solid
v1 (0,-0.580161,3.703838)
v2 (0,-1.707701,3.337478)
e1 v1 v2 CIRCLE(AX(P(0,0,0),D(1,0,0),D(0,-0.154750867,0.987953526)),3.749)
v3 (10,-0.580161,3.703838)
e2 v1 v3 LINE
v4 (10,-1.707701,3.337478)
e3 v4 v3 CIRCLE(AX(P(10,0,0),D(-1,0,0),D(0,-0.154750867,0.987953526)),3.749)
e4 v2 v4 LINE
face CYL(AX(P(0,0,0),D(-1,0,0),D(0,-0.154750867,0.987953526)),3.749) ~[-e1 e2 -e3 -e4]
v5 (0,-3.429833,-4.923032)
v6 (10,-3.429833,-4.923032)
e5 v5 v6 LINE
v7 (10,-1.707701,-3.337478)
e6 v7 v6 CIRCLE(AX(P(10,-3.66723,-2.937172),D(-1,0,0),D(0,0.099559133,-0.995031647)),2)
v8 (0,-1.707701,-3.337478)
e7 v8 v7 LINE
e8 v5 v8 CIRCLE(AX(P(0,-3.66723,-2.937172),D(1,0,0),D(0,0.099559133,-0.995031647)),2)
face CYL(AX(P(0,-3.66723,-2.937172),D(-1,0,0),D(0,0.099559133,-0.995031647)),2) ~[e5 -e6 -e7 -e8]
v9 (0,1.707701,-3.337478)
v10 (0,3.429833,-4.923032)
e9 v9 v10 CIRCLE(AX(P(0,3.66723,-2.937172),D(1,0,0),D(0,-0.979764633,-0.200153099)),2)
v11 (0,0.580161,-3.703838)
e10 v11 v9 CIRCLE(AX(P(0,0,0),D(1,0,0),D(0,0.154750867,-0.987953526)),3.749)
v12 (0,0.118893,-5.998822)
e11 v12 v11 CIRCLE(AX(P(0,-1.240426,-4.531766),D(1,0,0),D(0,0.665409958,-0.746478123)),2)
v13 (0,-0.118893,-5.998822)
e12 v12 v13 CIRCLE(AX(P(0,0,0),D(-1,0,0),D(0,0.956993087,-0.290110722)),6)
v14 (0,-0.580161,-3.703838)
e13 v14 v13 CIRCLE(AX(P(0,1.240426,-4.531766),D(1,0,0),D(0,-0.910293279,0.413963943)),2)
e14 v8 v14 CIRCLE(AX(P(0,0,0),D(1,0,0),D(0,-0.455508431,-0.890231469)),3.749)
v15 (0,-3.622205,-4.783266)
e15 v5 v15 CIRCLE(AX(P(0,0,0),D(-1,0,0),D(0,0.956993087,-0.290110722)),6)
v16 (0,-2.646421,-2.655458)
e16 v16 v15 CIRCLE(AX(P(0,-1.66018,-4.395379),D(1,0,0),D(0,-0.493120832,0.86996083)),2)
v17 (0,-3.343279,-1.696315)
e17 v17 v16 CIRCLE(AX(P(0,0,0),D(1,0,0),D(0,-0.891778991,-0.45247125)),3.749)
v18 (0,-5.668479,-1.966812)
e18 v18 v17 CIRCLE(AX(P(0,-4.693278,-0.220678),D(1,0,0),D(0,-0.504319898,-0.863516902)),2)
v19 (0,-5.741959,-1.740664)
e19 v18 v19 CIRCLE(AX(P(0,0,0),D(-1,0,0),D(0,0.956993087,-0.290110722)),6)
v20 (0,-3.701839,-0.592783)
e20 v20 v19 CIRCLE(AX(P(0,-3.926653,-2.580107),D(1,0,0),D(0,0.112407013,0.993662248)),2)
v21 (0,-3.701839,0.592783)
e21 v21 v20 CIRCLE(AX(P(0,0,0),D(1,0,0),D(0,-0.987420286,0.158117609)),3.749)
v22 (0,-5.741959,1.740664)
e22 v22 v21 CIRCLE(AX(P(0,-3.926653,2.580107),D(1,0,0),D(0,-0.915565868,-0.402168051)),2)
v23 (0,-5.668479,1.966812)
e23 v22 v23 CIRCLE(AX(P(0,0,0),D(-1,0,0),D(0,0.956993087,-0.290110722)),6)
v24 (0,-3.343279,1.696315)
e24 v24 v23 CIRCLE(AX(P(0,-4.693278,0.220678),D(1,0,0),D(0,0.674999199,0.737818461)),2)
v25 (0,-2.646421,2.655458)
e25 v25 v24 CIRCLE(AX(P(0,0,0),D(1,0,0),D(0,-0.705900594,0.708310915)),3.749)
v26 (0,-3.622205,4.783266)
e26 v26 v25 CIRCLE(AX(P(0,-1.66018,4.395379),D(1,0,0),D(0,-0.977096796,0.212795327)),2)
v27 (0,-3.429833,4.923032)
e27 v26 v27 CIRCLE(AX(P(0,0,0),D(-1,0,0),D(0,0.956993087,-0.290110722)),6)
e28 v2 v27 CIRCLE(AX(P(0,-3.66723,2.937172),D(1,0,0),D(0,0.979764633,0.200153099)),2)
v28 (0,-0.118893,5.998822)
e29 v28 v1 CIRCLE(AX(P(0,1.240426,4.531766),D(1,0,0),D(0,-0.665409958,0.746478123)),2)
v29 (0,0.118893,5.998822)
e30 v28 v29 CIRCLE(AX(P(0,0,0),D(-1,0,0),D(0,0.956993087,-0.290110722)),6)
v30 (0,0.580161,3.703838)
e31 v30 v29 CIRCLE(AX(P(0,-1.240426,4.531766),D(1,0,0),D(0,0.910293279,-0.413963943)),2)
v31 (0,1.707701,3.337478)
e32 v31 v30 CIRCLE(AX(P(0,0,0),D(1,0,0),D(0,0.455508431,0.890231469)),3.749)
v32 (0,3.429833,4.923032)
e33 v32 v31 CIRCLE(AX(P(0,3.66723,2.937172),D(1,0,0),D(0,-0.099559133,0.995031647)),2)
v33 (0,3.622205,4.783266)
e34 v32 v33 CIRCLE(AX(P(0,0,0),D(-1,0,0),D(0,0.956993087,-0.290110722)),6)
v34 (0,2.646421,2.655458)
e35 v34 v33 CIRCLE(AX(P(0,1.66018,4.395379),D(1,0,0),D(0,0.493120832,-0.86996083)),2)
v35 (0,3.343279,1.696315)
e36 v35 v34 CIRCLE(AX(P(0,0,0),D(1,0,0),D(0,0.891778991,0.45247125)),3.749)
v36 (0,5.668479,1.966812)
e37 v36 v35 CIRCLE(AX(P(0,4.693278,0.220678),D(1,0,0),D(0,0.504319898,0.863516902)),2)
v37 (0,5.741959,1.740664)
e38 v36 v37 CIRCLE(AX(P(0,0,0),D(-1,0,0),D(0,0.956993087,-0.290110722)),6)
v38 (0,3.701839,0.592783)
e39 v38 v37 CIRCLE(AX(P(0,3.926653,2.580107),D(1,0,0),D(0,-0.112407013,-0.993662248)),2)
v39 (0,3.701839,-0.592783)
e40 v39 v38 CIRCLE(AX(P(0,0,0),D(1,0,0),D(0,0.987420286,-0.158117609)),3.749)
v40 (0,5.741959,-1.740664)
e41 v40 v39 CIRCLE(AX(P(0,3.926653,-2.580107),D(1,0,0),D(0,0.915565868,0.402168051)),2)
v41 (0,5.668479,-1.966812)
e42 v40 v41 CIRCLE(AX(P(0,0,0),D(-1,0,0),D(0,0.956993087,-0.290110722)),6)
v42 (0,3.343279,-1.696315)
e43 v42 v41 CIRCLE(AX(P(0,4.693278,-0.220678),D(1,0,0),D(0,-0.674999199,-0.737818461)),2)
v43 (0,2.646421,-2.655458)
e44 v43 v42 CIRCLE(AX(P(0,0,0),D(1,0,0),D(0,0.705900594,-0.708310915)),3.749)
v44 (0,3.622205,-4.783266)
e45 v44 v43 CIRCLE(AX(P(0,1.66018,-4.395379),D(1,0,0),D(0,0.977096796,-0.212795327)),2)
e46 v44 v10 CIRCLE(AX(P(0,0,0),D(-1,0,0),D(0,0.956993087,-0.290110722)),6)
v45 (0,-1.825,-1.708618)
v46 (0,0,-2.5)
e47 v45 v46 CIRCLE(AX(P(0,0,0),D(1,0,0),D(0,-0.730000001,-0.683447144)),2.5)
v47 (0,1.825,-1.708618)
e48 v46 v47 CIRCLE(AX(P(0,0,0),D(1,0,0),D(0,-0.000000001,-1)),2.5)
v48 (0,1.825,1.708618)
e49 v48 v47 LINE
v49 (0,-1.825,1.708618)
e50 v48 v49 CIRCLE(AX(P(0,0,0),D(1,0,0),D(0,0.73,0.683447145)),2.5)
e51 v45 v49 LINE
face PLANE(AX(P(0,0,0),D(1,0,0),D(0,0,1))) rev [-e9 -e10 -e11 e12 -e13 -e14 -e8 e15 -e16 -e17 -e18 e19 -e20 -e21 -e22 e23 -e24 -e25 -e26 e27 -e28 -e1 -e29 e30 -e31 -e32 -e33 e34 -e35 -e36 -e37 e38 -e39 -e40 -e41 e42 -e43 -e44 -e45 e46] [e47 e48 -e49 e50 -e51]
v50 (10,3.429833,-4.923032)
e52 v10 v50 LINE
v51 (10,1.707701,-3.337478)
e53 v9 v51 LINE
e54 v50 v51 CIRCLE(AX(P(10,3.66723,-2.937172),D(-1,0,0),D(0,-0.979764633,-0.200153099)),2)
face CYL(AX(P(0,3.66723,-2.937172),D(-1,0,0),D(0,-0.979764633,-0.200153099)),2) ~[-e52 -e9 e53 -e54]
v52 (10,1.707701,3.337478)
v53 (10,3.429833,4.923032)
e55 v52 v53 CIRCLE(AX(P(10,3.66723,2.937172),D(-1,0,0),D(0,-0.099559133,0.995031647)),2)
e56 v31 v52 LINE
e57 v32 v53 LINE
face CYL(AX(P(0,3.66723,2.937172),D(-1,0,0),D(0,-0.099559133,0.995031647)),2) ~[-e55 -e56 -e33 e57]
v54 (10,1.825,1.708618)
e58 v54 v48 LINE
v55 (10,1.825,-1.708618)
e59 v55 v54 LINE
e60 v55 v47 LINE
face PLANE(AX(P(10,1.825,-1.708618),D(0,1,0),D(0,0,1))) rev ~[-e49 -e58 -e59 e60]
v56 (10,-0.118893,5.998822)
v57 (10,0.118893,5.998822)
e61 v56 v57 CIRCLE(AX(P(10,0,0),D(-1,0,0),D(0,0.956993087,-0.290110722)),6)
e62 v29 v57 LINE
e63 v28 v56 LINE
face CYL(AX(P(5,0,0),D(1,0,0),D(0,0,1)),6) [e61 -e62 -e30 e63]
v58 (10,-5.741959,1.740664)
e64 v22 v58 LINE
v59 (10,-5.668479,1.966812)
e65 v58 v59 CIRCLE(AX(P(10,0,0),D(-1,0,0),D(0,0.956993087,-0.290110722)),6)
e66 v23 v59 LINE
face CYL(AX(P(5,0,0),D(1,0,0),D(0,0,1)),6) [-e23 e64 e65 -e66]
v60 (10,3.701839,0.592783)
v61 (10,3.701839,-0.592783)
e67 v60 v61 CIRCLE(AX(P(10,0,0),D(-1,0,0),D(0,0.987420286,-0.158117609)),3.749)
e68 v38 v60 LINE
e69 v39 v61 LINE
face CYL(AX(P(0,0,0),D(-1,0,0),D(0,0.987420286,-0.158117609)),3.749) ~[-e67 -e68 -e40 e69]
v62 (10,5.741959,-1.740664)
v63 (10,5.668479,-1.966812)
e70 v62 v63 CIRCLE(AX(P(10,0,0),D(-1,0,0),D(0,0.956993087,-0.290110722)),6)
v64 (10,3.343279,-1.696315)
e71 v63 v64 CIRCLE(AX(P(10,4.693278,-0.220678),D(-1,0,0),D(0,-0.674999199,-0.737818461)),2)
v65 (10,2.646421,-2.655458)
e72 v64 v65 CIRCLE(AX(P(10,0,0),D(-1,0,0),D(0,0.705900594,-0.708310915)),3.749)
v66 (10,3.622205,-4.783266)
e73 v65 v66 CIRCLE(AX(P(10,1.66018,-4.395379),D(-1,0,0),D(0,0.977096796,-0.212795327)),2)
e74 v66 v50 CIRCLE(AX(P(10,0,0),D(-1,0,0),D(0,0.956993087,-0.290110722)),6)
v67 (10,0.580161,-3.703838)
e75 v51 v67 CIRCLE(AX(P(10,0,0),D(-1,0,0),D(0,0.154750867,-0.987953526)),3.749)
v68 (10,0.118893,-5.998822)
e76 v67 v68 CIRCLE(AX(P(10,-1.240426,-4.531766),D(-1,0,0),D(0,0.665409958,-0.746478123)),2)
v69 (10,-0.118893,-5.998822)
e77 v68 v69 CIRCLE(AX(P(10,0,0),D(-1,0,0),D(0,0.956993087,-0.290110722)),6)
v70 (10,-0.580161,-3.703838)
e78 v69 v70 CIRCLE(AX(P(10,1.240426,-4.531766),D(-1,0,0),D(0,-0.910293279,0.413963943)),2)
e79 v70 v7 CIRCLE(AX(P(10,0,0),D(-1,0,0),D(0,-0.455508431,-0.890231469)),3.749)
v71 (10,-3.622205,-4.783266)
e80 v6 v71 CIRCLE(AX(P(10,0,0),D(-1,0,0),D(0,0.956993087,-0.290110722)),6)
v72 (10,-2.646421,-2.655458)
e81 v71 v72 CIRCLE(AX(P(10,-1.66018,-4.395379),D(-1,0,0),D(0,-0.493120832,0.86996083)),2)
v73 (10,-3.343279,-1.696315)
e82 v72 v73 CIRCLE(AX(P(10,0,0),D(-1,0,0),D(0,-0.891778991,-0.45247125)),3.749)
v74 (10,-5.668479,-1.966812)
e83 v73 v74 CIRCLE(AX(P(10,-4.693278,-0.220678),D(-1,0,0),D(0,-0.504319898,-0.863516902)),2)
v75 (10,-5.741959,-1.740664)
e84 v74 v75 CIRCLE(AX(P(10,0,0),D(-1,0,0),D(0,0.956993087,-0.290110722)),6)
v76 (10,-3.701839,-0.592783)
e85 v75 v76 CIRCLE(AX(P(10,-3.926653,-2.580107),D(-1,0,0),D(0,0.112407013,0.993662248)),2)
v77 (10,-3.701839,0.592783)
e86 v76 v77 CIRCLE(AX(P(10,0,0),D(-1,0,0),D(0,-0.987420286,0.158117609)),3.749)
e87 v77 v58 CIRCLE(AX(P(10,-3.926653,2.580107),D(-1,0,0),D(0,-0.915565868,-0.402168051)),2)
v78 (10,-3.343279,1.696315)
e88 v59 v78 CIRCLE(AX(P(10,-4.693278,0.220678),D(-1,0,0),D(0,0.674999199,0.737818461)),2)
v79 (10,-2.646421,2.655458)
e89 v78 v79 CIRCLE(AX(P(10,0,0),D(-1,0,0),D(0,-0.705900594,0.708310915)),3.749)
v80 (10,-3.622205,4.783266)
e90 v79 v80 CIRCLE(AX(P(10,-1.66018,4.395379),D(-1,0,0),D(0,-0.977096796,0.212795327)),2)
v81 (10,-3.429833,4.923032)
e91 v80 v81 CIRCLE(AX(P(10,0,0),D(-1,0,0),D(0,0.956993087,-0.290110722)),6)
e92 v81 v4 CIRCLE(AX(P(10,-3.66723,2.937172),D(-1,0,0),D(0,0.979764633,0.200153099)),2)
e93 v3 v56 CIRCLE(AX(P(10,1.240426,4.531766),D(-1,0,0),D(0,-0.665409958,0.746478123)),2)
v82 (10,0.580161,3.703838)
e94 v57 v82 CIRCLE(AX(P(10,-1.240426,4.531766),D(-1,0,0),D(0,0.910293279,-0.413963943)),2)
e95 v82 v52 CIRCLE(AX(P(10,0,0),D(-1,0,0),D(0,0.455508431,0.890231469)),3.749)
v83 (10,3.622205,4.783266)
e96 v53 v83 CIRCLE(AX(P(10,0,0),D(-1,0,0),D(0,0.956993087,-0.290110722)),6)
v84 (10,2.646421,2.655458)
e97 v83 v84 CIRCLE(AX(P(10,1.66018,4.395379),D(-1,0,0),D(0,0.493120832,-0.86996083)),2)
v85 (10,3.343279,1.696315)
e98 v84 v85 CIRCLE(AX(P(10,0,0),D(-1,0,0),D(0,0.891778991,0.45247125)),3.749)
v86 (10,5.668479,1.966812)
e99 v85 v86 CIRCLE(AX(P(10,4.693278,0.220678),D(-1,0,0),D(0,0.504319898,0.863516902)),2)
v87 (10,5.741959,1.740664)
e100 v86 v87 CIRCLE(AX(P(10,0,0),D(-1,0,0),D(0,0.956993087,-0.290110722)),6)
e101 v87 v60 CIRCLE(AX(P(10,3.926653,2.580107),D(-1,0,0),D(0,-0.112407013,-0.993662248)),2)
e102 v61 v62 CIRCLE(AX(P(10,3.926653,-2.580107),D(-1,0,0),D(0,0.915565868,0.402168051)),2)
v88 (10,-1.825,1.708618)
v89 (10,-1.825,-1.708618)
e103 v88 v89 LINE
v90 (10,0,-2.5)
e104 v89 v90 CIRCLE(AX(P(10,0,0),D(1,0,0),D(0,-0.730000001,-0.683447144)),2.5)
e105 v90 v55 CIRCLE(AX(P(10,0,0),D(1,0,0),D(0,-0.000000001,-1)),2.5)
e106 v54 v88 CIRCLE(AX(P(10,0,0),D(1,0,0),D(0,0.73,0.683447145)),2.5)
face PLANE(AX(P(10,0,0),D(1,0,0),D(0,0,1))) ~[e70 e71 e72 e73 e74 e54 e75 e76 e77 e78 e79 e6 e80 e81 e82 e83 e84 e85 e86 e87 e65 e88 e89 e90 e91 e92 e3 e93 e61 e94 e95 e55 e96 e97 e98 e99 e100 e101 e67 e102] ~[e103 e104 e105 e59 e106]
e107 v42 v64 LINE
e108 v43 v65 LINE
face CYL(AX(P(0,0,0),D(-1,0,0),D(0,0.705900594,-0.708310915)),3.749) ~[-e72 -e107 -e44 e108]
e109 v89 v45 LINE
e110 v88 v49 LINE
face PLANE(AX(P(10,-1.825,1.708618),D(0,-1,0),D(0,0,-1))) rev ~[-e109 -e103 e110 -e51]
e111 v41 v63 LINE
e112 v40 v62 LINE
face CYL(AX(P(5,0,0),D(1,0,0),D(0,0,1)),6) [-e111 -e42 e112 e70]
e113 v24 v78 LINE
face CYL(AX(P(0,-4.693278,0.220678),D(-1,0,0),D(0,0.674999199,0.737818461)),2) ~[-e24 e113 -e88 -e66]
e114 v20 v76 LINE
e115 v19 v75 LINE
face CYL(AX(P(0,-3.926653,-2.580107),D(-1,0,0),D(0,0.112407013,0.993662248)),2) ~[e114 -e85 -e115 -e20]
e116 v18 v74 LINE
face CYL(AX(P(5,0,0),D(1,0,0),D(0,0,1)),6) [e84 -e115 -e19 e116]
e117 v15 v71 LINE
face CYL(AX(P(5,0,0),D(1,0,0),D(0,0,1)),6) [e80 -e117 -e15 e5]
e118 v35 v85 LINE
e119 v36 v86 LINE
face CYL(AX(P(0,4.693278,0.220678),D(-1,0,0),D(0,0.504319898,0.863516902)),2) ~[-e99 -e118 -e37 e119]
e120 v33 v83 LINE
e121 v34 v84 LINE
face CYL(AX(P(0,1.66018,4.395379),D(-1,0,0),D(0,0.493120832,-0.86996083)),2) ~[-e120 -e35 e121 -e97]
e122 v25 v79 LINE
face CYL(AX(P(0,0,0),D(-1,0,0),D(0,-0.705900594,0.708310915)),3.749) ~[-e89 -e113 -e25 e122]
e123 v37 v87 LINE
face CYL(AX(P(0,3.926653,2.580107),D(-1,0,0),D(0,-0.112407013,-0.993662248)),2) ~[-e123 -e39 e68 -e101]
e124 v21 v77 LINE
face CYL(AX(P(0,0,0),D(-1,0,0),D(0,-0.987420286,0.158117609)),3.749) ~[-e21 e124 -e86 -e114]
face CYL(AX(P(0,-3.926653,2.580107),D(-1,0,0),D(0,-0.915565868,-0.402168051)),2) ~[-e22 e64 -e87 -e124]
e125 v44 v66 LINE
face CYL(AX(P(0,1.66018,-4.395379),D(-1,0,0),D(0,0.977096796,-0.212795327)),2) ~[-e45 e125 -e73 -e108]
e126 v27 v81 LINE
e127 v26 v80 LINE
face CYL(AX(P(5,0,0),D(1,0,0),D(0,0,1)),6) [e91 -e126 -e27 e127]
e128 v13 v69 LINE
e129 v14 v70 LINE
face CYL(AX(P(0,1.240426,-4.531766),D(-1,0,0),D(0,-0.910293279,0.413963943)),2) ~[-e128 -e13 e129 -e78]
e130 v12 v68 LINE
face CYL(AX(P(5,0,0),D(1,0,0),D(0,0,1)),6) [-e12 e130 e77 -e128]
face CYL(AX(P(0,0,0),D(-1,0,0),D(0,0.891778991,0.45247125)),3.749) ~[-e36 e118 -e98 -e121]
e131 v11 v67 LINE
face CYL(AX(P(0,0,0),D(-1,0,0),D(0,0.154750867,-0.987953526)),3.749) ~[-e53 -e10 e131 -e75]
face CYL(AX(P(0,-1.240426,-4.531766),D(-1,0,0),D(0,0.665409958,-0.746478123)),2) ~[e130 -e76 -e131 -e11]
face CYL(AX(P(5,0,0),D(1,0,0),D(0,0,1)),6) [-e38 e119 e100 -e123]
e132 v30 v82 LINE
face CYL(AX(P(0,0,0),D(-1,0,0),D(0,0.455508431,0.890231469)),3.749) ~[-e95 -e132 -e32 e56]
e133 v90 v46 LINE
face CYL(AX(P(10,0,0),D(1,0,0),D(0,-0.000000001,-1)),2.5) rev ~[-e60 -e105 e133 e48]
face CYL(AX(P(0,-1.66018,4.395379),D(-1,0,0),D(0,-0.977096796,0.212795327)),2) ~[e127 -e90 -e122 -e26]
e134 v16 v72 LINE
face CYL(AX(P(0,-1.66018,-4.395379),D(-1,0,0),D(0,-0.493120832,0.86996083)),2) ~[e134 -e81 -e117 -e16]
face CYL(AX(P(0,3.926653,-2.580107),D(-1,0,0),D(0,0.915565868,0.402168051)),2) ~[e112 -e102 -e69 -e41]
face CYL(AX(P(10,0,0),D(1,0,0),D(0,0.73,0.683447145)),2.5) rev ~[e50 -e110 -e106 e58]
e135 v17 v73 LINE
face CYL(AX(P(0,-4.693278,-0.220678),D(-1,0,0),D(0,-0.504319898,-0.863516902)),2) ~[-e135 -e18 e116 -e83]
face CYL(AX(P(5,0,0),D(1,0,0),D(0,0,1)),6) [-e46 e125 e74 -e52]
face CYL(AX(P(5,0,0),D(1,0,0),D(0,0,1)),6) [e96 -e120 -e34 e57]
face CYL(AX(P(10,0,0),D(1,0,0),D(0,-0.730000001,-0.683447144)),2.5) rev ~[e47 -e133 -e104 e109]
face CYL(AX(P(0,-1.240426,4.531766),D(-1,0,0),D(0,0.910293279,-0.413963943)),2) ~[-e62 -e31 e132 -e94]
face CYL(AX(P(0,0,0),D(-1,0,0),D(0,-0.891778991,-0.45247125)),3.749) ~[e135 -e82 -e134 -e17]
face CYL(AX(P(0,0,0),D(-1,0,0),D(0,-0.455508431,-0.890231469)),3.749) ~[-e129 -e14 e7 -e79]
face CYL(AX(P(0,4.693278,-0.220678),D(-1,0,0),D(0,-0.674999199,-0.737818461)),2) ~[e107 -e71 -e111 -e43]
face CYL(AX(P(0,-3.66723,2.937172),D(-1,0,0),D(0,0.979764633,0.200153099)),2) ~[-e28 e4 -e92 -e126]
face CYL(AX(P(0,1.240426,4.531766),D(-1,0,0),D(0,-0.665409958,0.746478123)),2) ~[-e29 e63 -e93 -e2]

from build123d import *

# Parameters (mm, degrees)
BASPROSKE_W        = 10
BASPROSKE_H        = 6
TOOTHCUT_DEPTH     = 14.114877049
TEETHCUTS_COUNT    = 10
TEETHCUTS_ANGLE    = 324
BORSKE_R           = 0.4
BORE_DEPTH         = 50.0000508
SKETCH1_R          = 0.4
CUT_EXTRUDE1_DEPTH = 13.998849476


with BuildPart() as part:
    # BasProSke → Base-Revolve (revolve)
    with BuildSketch(Plane(origin=(0, 0, 0), x_dir=(1, 0, 0), z_dir=(0, 1, 0)), mode=Mode.PRIVATE) as base_revolve_sk:
        with Locations((5, 3)):
            Rectangle(BASPROSKE_W, BASPROSKE_H)
    revolve(base_revolve_sk.sketch.rotate(Axis((-10, 0, 0), (1, 0, 0)), 180), axis=Axis((-10, 0, 0), (1, 0, 0)))

    # TooCutSke → ToothCut (cut, through all)
    with BuildSketch(Plane(origin=(0, 0, 0), x_dir=(0, 0, -1), z_dir=(1, 0, 0))):
        with BuildLine():
            ThreePointArc((0.59278292, 3.701838653), (0, 3.749), (-0.59278292, 3.701838653))
            ThreePointArc((-0.59278292, 3.701838653), (-0.846593509, 4.924114224), (-1.775771316, 5.757784417))
            ThreePointArc((-1.775771316, 5.757784417), (0, 6.0254), (1.775771316, 5.757784417))
            ThreePointArc((1.775771316, 5.757784417), (0.846593509, 4.924114224), (0.59278292, 3.701838653))
        make_face()
    toothcut = extrude(amount=TOOTHCUT_DEPTH, mode=Mode.SUBTRACT)

    # TeethCuts: ToothCut ×10 about axis
    teethcuts_axis = Axis((-10, 0, 0), (1, 0, 0))
    for i in range(1, TEETHCUTS_COUNT):
        add(toothcut.rotate(teethcuts_axis, i * TEETHCUTS_ANGLE / (TEETHCUTS_COUNT - 1)), mode=Mode.SUBTRACT)

    # BorSke → Bore (cut, symmetric)
    with BuildSketch(Plane(origin=(0, 0, 0), x_dir=(0, 0, -1), z_dir=(1, 0, 0))):
        with Locations(Location((0, 0, 0), (0, 0, 180))):
            Circle(BORSKE_R)
    extrude(amount=BORE_DEPTH, both=True, mode=Mode.SUBTRACT)

    # Sketch1 → Cut-Extrude1 (cut, through all)
    with BuildSketch(Plane(origin=(10, 0, 0), x_dir=(0, 0, -1), z_dir=(1, 0, 0))):
        with BuildLine():
            ThreePointArc((-1.708617862, 1.825), (-2.5, 0), (-1.708617862, -1.825))
            Line((-1.708617862, -1.825), (1.708617862, -1.825))
            ThreePointArc((1.708617862, -1.825), (2.293637358, -0.994599252), (2.5, 0))
            ThreePointArc((2.5, 0), (2.293637358, 0.994599252), (1.708617862, 1.825))
            Line((1.708617862, 1.825), (-1.708617862, 1.825))
        make_face()
        Circle(SKETCH1_R, mode=Mode.SUBTRACT)
    extrude(amount=-CUT_EXTRUDE1_DEPTH, mode=Mode.SUBTRACT)


solid = part.part
